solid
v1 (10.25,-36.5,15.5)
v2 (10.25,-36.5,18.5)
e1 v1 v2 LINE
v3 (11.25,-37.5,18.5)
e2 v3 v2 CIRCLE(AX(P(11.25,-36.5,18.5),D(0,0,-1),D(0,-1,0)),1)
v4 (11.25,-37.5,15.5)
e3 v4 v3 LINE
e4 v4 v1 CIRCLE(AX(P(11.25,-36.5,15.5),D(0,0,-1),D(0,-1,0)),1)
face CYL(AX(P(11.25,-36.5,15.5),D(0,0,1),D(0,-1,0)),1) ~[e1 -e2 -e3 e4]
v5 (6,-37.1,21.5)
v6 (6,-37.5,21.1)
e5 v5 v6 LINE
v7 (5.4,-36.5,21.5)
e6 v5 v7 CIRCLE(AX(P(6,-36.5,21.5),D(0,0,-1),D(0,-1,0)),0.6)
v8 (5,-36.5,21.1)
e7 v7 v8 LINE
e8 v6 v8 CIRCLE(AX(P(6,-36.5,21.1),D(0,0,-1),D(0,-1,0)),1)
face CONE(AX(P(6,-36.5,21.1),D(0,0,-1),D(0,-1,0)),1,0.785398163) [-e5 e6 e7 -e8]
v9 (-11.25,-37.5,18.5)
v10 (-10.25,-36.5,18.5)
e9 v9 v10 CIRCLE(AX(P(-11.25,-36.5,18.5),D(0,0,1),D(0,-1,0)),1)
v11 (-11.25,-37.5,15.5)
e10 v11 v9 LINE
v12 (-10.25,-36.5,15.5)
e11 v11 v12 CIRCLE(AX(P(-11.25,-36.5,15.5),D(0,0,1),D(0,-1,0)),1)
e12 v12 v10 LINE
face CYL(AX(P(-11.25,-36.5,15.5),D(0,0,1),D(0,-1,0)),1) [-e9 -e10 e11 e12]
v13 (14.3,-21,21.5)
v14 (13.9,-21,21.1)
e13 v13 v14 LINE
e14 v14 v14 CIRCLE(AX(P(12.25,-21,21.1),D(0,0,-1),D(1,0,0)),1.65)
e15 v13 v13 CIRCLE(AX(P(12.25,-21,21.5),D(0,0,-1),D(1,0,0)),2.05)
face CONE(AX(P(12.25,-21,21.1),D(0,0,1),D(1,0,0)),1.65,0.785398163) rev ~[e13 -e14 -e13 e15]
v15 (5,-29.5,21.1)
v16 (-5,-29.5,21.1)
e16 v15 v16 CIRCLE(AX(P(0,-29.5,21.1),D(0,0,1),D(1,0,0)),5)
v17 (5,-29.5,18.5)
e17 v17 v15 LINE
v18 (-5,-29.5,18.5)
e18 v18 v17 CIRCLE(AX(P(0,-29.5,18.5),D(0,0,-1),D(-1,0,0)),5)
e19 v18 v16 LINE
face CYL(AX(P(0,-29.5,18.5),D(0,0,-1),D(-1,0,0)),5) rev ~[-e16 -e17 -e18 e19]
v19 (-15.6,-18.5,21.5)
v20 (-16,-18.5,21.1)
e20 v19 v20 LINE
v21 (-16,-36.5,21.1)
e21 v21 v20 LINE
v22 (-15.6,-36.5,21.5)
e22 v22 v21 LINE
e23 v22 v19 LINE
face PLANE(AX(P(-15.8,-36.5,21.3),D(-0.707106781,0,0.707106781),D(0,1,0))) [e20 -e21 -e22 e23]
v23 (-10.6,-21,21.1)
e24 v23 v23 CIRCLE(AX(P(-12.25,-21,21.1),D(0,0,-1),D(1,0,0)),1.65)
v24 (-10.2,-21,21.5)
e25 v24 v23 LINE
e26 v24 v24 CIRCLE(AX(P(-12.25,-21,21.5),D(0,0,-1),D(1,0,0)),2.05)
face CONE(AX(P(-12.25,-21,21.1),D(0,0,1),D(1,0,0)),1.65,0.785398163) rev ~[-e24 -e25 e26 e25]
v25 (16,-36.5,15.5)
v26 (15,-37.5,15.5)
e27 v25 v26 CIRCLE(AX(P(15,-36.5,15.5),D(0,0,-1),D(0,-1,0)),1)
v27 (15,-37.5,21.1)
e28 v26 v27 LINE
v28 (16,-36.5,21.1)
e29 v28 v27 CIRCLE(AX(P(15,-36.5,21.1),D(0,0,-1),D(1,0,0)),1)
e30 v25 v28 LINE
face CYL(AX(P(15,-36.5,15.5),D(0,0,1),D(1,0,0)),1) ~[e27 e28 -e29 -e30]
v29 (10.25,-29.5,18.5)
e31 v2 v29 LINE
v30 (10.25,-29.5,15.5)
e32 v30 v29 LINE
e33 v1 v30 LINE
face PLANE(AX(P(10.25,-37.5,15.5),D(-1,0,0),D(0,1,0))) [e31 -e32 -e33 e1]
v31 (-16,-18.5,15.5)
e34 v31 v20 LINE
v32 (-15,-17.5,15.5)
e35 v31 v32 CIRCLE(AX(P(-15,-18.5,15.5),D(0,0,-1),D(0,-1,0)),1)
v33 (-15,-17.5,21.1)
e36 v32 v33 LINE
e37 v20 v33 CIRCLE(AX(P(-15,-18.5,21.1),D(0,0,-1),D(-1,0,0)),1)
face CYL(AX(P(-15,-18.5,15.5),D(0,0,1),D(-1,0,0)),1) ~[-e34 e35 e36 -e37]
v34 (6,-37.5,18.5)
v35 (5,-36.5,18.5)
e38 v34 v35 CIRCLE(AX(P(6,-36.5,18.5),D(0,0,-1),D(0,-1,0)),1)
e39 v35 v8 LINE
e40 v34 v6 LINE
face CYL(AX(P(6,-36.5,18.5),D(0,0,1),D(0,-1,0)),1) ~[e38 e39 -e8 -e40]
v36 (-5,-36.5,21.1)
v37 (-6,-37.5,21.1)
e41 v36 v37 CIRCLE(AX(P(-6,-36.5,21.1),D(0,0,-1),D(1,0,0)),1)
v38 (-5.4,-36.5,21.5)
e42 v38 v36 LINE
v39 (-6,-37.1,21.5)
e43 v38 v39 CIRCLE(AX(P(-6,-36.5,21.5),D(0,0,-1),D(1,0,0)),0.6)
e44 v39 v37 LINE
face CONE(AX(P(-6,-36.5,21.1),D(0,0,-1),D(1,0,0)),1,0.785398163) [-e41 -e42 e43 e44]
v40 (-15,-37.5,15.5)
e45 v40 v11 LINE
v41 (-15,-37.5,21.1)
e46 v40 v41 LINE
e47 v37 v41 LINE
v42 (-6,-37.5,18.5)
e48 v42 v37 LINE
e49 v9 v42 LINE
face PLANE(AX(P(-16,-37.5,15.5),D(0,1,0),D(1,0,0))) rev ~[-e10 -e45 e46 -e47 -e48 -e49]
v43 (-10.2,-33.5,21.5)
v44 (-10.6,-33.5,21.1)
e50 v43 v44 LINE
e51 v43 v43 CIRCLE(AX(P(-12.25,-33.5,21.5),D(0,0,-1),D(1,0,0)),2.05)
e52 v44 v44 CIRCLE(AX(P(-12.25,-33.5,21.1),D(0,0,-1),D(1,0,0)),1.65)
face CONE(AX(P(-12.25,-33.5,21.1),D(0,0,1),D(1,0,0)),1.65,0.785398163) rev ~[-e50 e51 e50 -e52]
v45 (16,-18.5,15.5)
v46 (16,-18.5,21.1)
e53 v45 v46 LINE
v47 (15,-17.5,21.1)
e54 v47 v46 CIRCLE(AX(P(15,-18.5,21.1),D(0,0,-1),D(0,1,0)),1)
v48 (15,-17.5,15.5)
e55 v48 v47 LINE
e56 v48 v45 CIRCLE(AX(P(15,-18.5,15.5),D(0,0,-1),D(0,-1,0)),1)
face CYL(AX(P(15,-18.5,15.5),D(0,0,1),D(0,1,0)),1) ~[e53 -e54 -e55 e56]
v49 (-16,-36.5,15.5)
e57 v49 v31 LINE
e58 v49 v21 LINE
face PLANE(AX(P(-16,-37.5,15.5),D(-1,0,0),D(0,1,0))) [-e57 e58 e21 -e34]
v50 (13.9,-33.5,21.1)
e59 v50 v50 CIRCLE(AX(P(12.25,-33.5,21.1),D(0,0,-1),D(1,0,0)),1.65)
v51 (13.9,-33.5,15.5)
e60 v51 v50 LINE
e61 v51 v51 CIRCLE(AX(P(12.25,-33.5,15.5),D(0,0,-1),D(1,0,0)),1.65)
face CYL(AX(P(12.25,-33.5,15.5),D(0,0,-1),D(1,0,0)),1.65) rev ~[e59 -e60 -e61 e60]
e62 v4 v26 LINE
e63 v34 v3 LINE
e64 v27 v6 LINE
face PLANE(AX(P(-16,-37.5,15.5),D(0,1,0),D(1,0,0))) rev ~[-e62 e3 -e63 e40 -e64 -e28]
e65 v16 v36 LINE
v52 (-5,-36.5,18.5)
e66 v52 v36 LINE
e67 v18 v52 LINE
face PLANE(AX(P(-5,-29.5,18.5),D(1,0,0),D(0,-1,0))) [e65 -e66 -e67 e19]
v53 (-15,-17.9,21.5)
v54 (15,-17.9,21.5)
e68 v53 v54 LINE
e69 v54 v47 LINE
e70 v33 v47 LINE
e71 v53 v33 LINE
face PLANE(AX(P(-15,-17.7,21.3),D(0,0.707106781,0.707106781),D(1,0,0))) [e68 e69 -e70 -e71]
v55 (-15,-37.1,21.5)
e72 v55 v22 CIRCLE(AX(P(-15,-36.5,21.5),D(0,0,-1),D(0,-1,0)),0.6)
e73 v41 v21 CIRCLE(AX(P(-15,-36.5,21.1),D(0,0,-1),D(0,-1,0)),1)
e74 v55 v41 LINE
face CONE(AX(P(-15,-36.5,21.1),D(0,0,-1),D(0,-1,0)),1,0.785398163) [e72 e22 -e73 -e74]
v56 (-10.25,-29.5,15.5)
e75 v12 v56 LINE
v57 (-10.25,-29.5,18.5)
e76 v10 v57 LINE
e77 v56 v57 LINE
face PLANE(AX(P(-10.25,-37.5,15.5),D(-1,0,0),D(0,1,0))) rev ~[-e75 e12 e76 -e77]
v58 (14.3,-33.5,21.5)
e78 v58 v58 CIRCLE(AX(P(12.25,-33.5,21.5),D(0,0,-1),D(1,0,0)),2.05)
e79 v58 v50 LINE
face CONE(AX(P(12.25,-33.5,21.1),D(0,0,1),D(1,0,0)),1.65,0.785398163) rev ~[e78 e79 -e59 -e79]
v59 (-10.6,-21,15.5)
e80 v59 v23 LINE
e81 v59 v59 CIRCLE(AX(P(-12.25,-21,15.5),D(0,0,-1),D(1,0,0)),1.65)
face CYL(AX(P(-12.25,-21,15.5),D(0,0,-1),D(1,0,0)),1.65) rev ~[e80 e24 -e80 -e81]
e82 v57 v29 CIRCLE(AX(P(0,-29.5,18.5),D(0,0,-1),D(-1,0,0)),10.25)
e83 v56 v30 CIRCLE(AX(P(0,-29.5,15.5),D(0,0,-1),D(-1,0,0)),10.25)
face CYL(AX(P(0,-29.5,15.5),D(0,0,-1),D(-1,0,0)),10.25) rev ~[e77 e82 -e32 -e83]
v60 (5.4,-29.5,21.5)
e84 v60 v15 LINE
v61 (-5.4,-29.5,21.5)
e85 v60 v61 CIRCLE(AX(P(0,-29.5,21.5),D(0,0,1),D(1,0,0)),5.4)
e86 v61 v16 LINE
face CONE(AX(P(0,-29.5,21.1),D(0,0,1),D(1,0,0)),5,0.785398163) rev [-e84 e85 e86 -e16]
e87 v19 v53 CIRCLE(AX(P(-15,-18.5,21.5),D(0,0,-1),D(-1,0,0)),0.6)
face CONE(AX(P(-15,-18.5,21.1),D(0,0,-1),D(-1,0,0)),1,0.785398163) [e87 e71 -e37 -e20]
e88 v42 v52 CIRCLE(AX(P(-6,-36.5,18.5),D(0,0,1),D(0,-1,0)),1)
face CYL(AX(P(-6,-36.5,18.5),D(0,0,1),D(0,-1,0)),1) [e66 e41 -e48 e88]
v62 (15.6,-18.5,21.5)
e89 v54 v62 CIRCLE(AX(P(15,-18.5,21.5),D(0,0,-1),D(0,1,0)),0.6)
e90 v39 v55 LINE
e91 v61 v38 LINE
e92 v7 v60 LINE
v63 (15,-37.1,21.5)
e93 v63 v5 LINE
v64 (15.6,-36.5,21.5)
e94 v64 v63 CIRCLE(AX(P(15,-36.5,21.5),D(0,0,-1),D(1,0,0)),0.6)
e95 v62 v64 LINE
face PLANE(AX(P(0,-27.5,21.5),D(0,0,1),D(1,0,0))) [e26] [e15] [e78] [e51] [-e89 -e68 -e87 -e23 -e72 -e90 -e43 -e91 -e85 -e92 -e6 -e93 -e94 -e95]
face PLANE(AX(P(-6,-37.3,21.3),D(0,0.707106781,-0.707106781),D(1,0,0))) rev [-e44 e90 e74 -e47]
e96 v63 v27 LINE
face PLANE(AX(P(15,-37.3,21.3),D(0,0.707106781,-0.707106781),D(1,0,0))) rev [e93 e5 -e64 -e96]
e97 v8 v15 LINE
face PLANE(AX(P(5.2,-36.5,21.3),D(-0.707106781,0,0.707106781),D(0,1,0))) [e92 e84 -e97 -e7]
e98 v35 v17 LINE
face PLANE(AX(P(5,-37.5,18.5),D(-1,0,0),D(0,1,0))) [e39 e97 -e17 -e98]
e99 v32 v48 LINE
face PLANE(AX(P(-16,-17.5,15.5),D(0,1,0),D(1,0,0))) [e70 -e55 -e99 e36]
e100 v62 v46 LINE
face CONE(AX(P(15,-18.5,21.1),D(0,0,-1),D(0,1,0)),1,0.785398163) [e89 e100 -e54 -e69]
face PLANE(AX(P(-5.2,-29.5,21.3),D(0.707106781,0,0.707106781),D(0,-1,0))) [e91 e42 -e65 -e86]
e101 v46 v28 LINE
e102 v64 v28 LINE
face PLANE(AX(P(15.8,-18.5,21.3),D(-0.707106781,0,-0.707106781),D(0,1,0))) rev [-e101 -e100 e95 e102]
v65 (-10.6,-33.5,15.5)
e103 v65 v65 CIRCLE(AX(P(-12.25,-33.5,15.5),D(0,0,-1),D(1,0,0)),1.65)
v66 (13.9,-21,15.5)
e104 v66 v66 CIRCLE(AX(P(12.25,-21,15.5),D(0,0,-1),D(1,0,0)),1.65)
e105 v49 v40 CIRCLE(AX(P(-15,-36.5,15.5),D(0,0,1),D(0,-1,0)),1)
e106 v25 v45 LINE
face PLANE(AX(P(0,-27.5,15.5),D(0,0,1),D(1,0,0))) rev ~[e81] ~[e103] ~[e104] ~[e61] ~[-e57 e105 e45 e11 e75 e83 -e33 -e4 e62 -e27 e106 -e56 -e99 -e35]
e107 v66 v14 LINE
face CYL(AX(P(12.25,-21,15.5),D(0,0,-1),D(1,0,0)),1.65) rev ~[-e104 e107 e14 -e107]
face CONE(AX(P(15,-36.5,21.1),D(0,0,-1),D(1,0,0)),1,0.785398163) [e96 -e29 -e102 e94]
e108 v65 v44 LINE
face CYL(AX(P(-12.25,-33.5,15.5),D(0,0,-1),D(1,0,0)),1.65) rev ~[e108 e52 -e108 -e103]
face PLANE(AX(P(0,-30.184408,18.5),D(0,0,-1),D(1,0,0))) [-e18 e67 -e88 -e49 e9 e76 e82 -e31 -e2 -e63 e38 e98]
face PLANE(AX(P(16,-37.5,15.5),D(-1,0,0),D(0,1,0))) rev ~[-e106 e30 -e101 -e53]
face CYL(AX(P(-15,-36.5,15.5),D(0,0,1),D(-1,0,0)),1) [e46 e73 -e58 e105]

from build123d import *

# Parameters (mm, degrees)
SKETCH_W        = 32
SKETCH_H        = 20
PAD_DEPTH       = 6
POCKET_DEPTH    = 3
POCKET001_DEPTH = 3.001
SKETCH003_R     = 1.65
POCKET002_DEPTH = 6.001
FILLET_R        = 1
CHAMFER_SIZE    = 0.4


with BuildPart() as part:
    # Sketch → Pad (new body)
    with BuildSketch(Plane.XY):
        with Locations((0, -10)):
            Rectangle(SKETCH_W, SKETCH_H)
    extrude(amount=PAD_DEPTH)

    # Sketch001 (on Face5 of Pad) → Pocket (cut)
    with BuildSketch(Plane(origin=(0, 0, 0), x_dir=(1, 0, 0), z_dir=(0, 0, -1))):
        with BuildLine():
            ThreePointArc((-10.25, 12), (0, 1.75), (10.25, 12))
            Line((10.25, 20), (10.25, 12))
            Line((-10.25, 20), (10.25, 20))
            Line((-10.25, 20), (-10.25, 12))
        make_face()
    extrude(amount=-POCKET_DEPTH, mode=Mode.SUBTRACT)

    # Sketch002 (on Face10 of Pocket) → Pocket001 (cut, through all)
    with BuildSketch(Plane(origin=(0, 0, 3), x_dir=(1, 0, 0), z_dir=(0, 0, -1))):
        with BuildLine():
            ThreePointArc((-5, 12), (0, 7), (5, 12))
            Line((5, 20), (5, 12))
            Line((-5, 20), (5, 20))
            Line((-5, 12), (-5, 20))
        make_face()
    extrude(amount=-POCKET001_DEPTH, mode=Mode.SUBTRACT)

    # Sketch003 (on Face4 of Pocket001) → Pocket002 (cut, through all)
    with BuildSketch(Plane(origin=(0, 0, 0), x_dir=(1, 0, 0), z_dir=(0, 0, -1))):
        with Locations((-12.25, 16)):
            Circle(SKETCH003_R)
        with Locations((12.25, 16)):
            Circle(SKETCH003_R)
        with Locations((-12.25, 3.5)):
            Circle(SKETCH003_R)
        with Locations((12.25, 3.5)):
            Circle(SKETCH003_R)
    extrude(amount=-POCKET002_DEPTH, mode=Mode.SUBTRACT)

    # Fillet
    fillet_edges = [part.edges().sort_by_distance(p)[0] for p in [
        (-16, -20, 3),
        (-16, 0, 3),
        (16, 0, 3),
        (16, -20, 3),
        (-5, -20, 4.5),
        (5, -20, 4.5),
        (10.25, -20, 1.5),
        (-10.25, -20, 1.5),
    ]]
    fillet(fillet_edges, radius=FILLET_R)

    # Chamfer
    chamfer_edges = [part.edges().sort_by_distance(p)[0] for p in [
        (0, 0, 6),
        (-15.707107, -0.292893, 6),
        (15.707107, -0.292893, 6),
        (-16, -10, 6),
        (16, -10, 6),
        (-15.707107, -19.707107, 6),
        (15.707107, -19.707107, 6),
        (-10.5, -20, 6),
        (10.5, -20, 6),
        (-5.292893, -19.707107, 6),
        (5.292893, -19.707107, 6),
        (-5, -15.5, 6),
        (5, -15.5, 6),
        (0, -7, 6),
        (-13.9, -16, 6),
        (10.6, -16, 6),
        (-13.9, -3.5, 6),
        (10.6, -3.5, 6),
    ]]
    chamfer(chamfer_edges, length=CHAMFER_SIZE)


with BuildPart() as part_1:
    # Body003 placement: moved
    add(part.part.moved(Location((0, -17.5, 15.5))))


solid = part_1.part
